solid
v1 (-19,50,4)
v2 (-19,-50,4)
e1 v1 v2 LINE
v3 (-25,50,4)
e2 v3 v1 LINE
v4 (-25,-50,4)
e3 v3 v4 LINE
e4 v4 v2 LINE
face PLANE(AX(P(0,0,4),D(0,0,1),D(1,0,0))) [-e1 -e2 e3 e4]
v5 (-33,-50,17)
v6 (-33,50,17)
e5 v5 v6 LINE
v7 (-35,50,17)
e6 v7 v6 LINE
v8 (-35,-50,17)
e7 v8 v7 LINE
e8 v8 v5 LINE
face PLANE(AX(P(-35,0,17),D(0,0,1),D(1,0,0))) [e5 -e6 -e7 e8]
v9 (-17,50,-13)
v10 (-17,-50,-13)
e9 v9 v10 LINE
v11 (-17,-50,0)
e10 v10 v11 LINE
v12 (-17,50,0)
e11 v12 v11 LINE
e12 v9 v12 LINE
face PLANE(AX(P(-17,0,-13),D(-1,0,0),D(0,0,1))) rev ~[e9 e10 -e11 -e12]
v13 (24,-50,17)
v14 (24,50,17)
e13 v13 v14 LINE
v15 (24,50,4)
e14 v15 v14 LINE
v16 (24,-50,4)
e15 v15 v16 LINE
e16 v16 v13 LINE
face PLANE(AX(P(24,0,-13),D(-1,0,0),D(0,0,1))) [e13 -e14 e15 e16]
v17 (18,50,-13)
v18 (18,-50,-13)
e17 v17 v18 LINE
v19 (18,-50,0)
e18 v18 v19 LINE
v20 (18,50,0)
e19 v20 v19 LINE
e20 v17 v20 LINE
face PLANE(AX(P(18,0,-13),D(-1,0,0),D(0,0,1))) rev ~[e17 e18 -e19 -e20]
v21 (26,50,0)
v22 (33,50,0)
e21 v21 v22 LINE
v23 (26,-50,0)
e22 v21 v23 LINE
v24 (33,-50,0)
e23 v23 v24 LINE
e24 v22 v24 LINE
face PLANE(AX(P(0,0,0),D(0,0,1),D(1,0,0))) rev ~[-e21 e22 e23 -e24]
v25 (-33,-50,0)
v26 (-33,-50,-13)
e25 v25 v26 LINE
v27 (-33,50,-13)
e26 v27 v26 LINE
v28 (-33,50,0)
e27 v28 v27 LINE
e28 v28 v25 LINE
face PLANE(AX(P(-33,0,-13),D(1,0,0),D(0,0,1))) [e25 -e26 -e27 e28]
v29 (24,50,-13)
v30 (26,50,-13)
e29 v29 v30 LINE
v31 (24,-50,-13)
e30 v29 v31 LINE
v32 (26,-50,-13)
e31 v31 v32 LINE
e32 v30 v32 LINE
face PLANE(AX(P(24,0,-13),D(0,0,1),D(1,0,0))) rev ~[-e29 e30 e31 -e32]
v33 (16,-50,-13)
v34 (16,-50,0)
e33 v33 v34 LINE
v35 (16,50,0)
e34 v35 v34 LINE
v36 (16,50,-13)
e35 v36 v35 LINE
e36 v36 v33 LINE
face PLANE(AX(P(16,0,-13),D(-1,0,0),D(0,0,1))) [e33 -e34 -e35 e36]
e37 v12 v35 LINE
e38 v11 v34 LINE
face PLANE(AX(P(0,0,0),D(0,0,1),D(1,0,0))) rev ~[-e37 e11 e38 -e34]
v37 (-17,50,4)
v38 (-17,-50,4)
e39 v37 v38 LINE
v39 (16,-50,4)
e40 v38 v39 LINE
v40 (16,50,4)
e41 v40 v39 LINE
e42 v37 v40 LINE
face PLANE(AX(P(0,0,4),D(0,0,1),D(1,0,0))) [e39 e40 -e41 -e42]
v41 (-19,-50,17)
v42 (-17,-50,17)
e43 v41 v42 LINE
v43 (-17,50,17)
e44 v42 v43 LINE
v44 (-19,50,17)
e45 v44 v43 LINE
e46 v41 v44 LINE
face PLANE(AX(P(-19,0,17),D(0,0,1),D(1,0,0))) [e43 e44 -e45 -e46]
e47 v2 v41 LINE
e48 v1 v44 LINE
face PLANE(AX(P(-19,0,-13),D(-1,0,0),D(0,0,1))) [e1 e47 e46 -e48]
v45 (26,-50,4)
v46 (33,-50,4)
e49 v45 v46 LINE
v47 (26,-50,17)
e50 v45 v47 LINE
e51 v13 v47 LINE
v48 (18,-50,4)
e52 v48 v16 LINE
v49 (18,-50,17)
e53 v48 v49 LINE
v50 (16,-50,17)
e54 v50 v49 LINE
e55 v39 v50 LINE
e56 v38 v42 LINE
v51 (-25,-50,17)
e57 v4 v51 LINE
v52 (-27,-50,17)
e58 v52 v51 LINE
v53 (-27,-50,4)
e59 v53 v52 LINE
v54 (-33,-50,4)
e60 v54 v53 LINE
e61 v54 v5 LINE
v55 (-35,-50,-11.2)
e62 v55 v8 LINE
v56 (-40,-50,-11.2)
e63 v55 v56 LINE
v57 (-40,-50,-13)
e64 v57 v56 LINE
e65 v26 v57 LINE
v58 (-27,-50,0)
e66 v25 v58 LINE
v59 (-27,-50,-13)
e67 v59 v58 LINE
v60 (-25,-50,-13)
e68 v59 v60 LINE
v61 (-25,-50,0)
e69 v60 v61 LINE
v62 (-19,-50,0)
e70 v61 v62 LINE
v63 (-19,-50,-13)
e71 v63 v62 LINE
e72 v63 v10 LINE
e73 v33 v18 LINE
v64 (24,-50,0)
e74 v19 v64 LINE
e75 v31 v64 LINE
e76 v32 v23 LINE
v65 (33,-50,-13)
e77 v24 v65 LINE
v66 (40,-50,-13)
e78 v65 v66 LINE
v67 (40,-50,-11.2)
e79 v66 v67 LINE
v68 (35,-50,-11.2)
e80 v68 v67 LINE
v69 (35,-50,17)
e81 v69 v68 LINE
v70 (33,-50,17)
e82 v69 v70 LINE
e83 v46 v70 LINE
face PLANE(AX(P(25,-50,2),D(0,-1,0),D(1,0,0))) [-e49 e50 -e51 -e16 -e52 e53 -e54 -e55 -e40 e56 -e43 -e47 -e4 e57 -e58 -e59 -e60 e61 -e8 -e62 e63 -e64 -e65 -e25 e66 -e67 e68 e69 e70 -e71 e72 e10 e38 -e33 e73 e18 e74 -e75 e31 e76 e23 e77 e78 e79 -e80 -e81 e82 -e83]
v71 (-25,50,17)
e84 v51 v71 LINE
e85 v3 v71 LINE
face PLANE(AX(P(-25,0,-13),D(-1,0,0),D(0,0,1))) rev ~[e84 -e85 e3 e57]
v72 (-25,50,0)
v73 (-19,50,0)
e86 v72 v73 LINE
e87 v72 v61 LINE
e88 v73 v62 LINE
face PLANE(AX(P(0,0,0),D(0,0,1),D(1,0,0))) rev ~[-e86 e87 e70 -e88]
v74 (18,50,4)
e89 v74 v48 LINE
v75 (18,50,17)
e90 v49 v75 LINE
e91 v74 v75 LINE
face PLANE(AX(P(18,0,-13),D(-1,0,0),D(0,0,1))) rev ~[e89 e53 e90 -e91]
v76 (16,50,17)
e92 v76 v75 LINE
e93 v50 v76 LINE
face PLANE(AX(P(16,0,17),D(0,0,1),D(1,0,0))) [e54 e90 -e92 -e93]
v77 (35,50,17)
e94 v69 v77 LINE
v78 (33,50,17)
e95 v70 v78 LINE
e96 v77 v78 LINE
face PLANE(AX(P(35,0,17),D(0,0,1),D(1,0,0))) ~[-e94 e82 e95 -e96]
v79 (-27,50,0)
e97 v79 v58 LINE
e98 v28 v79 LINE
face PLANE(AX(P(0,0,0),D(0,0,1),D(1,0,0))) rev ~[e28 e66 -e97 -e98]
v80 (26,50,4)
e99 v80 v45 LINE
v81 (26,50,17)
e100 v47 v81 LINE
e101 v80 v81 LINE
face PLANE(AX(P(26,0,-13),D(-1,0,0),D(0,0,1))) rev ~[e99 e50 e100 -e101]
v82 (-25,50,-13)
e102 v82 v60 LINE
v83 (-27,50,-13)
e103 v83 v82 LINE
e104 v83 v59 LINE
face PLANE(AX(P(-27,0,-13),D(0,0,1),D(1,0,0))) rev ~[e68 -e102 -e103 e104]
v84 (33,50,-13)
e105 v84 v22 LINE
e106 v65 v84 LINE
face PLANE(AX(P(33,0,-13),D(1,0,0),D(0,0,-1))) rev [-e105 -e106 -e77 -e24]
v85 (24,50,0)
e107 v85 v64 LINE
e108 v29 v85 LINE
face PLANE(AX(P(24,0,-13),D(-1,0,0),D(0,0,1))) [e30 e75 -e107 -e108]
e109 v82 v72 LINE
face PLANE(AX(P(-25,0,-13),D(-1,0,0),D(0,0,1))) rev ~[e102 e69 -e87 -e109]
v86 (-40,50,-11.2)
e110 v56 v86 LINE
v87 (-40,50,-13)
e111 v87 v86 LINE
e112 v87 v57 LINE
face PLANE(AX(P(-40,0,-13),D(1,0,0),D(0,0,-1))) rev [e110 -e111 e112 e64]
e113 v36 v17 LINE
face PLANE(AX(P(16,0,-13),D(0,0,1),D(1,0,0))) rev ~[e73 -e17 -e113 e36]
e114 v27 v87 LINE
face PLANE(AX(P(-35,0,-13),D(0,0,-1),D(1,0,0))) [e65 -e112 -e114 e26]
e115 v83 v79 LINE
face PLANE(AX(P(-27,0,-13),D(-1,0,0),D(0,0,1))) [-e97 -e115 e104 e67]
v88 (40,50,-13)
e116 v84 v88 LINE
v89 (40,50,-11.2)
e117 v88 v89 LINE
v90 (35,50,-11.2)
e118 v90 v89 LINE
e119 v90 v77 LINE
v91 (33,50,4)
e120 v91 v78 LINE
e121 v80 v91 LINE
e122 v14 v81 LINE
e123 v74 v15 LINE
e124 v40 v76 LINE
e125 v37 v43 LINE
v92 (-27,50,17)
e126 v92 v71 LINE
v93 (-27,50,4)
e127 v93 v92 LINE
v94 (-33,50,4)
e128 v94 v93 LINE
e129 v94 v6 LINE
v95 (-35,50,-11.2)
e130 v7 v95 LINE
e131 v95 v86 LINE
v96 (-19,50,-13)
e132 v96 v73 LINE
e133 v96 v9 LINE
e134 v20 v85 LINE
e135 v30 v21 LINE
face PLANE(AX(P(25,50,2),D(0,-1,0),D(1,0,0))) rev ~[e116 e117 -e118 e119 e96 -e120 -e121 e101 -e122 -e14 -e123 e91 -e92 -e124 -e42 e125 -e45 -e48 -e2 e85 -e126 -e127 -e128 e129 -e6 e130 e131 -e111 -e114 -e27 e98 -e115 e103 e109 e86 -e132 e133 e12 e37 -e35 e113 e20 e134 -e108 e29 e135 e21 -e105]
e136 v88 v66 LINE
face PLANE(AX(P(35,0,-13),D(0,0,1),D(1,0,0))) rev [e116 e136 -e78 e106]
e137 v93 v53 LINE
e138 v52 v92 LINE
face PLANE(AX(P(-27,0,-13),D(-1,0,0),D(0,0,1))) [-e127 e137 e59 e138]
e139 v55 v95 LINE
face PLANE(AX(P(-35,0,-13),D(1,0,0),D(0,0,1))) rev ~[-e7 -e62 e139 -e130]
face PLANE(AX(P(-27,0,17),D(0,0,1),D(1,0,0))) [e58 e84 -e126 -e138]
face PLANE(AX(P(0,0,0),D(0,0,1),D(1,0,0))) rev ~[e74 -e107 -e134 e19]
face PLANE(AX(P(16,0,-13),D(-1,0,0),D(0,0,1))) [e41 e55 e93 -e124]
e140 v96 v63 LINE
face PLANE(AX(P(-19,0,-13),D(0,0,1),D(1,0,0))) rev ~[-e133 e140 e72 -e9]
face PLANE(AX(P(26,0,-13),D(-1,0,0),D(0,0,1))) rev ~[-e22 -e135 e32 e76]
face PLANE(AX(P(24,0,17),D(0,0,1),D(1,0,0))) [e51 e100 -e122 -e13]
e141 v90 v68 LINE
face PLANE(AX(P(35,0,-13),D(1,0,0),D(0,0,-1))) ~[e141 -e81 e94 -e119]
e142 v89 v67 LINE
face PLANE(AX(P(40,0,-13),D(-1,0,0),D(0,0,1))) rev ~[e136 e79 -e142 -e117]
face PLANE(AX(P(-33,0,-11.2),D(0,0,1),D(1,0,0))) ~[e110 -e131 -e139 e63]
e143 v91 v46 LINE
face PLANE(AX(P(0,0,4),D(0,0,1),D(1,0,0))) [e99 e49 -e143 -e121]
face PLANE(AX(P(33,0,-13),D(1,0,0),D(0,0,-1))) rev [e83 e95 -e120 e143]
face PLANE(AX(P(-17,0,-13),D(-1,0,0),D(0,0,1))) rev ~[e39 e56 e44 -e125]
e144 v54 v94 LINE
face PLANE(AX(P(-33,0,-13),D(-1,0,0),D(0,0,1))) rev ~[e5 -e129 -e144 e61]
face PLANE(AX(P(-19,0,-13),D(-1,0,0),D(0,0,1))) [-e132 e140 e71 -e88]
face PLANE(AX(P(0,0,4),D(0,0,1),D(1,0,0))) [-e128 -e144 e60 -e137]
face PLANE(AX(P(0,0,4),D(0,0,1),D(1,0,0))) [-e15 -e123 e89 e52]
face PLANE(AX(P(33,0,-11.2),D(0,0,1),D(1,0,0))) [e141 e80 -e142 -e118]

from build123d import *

# Parameters (mm, degrees)
SKETCH001_W            = 70
SKETCH001_H            = 100
PAD_DEPTH              = 4
SKETCH_W               = 2
SKETCH_H               = 30
PAD001_DEPTH           = 50
PAD001_DEPTH_BACK      = 50
LINEARPATTERN_COUNT    = 3
LINEARPATTERN_PITCH    = 8
LINEARPATTERN001_COUNT = 2
LINEARPATTERN001_PITCH = 51
LINEARPATTERN002_COUNT = 2
LINEARPATTERN002_PITCH = 59
SKETCH002_W            = 7
SKETCH002_H            = 1.8
PAD002_DEPTH           = 50
PAD002_DEPTH_BACK      = 50


with BuildPart() as part:
    # Sketch001 → Pad (new body)
    with BuildSketch(Plane.XY):
        Rectangle(SKETCH001_W, SKETCH001_H)
    extrude(amount=PAD_DEPTH)

    # Sketch → Pad001 (join, two sides)
    with BuildSketch(Plane.XZ) as pad001_sk:
        with Locations((-34, 2)):
            Rectangle(SKETCH_W, SKETCH_H)
    pad001 = extrude(amount=PAD001_DEPTH) + extrude(pad001_sk.sketch, amount=-PAD001_DEPTH_BACK)

    # Mirrored: Pad001 across Sketch V_Axis
    add(pad001.mirror(Plane(origin=(0, 0, 0), x_dir=(0, -1, 0), z_dir=(1, 0, 0))))

    # LinearPattern: Pad001 ×3
    with Locations(*[(i * LINEARPATTERN_PITCH, 0, 0) for i in range(1, LINEARPATTERN_COUNT)]):
        add(pad001)

    # LinearPattern001: Pad001 ×2
    with Locations(*[(i * LINEARPATTERN001_PITCH, 0, 0) for i in range(1, LINEARPATTERN001_COUNT)]):
        add(pad001)

    # LinearPattern002: Pad001 ×2
    with Locations(*[(i * LINEARPATTERN002_PITCH, 0, 0) for i in range(1, LINEARPATTERN002_COUNT)]):
        add(pad001)

    # Sketch002 → Pad002 (join, two sides)
    with BuildSketch(Plane.XZ) as pad002_sk:
        with Locations((36.5, -12.1)):
            Rectangle(SKETCH002_W, SKETCH002_H)
    pad002 = extrude(amount=PAD002_DEPTH) + extrude(pad002_sk.sketch, amount=-PAD002_DEPTH_BACK)

    # Mirrored001: Pad002 across Sketch002 V_Axis
    add(pad002.mirror(Plane(origin=(0, 0, 0), x_dir=(0, -1, 0), z_dir=(1, 0, 0))))


solid = part.part
